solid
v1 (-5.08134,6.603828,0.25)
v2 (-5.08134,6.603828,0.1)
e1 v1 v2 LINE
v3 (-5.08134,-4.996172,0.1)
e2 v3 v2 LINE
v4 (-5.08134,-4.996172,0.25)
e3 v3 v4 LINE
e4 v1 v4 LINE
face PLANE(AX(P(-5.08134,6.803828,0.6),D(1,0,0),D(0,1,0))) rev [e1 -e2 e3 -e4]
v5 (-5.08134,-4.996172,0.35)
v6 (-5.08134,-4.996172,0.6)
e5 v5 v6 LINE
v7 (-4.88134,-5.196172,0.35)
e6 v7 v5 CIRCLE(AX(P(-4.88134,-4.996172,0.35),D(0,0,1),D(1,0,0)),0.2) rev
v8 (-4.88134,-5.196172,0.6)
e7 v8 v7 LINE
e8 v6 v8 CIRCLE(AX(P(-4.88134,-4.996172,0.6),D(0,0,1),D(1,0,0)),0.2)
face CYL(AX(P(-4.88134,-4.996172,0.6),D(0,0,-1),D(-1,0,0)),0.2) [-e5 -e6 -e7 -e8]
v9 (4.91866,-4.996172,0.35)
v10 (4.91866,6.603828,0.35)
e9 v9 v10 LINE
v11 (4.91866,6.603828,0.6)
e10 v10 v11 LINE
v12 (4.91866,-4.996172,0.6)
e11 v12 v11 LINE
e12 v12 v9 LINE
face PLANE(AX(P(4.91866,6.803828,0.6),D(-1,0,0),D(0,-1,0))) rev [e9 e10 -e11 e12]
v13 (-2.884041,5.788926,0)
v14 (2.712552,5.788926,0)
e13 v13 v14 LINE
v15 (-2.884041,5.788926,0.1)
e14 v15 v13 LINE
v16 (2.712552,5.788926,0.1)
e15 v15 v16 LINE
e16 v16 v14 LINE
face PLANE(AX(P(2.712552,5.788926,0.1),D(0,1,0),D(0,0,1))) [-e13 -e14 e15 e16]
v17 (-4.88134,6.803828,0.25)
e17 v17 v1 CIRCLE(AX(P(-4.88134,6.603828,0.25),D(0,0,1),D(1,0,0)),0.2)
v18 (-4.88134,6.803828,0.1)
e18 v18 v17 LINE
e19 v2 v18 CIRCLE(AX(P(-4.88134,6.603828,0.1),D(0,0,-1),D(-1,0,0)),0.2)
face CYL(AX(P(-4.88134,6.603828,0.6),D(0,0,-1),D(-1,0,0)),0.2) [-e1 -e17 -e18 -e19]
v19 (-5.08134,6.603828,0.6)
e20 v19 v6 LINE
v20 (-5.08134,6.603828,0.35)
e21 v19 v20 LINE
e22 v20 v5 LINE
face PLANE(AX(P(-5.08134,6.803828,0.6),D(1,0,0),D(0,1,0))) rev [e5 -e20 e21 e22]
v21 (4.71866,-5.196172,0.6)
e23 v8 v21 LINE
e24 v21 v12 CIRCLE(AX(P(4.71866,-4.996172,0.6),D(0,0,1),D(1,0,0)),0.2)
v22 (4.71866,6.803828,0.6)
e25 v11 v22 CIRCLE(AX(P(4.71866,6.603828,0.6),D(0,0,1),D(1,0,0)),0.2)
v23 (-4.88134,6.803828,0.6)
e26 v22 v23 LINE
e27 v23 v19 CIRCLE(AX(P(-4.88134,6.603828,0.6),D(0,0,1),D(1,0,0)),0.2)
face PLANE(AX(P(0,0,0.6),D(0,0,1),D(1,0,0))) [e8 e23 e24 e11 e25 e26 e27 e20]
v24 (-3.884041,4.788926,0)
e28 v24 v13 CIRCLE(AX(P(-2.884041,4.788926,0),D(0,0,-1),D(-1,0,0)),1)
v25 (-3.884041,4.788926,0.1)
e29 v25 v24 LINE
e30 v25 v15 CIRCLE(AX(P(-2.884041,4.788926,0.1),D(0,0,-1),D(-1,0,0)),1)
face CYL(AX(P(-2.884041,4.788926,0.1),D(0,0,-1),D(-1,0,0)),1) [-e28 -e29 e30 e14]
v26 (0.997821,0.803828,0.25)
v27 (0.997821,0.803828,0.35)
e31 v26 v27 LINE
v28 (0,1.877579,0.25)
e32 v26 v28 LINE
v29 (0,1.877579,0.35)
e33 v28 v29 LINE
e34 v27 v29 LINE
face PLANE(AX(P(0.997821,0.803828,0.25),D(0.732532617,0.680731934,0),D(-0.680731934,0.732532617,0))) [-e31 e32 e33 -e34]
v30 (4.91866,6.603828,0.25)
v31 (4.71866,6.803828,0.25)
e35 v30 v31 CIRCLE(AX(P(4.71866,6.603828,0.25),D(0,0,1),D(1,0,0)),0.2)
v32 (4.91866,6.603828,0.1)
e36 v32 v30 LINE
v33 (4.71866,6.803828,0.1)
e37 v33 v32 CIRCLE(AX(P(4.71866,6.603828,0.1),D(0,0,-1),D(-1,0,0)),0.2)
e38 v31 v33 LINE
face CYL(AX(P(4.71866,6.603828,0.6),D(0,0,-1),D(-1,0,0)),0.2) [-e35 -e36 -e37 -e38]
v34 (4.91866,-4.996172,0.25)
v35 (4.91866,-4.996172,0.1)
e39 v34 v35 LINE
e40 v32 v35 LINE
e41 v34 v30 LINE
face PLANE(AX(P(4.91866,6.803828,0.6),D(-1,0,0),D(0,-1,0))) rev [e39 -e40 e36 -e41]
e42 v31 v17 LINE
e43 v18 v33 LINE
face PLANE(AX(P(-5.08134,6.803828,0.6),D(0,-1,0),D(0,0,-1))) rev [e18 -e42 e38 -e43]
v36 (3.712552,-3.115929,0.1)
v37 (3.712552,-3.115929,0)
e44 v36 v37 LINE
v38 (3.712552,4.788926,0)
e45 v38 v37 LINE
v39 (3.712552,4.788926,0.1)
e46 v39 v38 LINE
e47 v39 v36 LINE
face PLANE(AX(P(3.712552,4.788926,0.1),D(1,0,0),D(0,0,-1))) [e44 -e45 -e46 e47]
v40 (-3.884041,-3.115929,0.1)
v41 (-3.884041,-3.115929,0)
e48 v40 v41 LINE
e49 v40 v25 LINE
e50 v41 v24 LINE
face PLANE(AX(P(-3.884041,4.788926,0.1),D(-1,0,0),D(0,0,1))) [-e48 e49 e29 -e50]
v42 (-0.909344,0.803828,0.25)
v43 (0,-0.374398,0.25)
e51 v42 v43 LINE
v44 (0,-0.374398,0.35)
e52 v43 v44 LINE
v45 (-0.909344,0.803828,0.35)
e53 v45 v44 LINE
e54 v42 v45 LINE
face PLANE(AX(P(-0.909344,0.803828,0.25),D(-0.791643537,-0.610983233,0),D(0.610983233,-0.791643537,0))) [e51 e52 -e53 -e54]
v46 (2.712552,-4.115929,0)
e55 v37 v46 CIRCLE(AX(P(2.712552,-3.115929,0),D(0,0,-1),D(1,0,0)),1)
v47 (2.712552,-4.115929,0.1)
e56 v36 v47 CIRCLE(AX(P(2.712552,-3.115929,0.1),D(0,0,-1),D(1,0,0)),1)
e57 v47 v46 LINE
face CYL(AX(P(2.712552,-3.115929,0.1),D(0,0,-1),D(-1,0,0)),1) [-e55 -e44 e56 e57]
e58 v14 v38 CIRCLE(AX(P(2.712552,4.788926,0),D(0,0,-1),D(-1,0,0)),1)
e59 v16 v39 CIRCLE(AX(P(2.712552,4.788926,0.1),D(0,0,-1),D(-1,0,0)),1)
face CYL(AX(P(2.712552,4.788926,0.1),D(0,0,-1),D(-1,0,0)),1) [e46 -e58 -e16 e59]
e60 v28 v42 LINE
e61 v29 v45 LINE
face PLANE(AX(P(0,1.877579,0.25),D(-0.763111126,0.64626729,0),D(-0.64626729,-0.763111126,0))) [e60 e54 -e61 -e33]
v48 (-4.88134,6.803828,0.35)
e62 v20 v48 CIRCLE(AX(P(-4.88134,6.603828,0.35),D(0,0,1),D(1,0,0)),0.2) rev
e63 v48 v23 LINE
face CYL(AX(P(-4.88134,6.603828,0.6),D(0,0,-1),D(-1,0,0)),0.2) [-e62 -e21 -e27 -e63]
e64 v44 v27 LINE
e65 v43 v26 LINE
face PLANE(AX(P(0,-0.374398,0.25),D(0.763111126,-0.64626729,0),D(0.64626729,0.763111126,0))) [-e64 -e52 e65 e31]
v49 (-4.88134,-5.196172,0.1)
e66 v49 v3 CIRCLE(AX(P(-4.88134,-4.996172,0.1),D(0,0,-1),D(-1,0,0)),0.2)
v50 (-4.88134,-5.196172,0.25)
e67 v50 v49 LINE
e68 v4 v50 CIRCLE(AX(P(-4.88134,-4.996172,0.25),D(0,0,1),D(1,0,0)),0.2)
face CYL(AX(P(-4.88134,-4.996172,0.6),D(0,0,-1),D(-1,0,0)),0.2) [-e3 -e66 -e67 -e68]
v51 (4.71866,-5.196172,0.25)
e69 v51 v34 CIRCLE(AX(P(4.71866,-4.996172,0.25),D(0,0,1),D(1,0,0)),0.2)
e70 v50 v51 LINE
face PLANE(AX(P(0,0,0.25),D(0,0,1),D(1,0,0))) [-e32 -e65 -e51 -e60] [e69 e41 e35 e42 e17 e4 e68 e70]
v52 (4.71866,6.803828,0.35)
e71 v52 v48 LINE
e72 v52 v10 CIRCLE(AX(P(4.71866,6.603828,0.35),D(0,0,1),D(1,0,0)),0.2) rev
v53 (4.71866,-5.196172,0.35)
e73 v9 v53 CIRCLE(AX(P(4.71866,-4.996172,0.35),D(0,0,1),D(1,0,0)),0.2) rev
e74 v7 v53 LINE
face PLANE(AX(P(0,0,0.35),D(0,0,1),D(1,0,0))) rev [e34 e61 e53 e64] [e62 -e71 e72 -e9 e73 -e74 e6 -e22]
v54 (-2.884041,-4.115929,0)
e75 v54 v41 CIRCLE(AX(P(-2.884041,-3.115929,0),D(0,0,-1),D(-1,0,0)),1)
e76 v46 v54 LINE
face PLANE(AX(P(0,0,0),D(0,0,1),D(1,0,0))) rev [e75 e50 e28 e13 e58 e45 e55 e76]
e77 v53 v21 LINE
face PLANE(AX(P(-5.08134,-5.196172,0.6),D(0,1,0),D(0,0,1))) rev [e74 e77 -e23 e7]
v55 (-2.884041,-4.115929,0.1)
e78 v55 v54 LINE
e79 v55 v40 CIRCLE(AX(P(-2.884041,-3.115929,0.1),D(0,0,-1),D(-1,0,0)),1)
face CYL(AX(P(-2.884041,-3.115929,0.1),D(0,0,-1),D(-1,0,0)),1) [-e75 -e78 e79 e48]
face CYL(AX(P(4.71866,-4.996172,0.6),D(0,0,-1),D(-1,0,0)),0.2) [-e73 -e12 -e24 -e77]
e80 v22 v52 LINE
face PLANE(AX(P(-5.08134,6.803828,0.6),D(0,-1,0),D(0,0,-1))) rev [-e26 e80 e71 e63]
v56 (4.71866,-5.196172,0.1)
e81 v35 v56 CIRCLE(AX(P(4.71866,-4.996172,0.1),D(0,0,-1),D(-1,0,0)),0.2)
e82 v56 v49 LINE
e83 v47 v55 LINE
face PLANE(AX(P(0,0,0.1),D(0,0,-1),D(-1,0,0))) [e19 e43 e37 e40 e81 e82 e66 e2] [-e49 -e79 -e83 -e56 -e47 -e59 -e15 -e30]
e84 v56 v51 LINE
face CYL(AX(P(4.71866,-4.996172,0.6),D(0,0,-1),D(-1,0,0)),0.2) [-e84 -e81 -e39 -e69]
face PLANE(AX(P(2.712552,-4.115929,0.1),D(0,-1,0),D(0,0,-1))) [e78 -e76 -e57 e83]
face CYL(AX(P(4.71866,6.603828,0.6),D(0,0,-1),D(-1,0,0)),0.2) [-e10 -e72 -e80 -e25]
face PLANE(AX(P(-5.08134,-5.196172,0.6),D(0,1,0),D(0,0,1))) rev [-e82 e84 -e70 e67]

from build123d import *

# Parameters (mm, degrees)
SKETCH_1_W          = 10
SKETCH_1_H          = 12
EXTRUDE_1_DEPTH     = 0.6
SKETCH_2_W          = 10
SKETCH_2_H          = 12
CUT_EXTRUDE_1_DEPTH = 0.1
SKETCH_4_W          = 10
SKETCH_4_H          = 12
CUT_EXTRUDE_3_DEPTH = 0.05
FILLET_1_R          = 0.2


with BuildPart() as part:
    # 草图1 → 凸台-拉伸1 (new body)
    with BuildSketch(Plane.XY):
        with Locations((-0.081339713, 0.803827751)):
            Rectangle(SKETCH_1_W, SKETCH_1_H)
    extrude(amount=EXTRUDE_1_DEPTH)

    # 草图2 → 切除-拉伸1 (cut)
    with BuildSketch(Plane(origin=(0, 0, 0), x_dir=(-1, 0, 0), z_dir=(0, 0, -1))):
        with Locations((0.081339713, 0.803827751)):
            Rectangle(SKETCH_2_W, SKETCH_2_H)
        with BuildLine():
            Line((-2.712551899, 5.7889264), (2.884041266, 5.7889264))
            ThreePointArc((2.884041266, 5.7889264), (3.591148047, 5.496033181), (3.884041266, 4.7889264))
            Line((3.884041266, 4.7889264), (3.884041266, -3.115928634))
            ThreePointArc((3.884041266, -3.115928634), (3.591148047, -3.823035415), (2.884041266, -4.115928634))
            Line((2.884041266, -4.115928634), (-2.712551899, -4.115928634))
            ThreePointArc((-2.712551899, -4.115928634), (-3.419658681, -3.823035415), (-3.712551899, -3.115928634))
            Line((-3.712551899, -3.115928634), (-3.712551899, 4.7889264))
            ThreePointArc((-3.712551899, 4.7889264), (-3.419658681, 5.496033181), (-2.712551899, 5.7889264))
        make_face(mode=Mode.SUBTRACT)
    extrude(amount=-CUT_EXTRUDE_1_DEPTH, mode=Mode.SUBTRACT)

    # 草图4 → 切除-拉伸3 (cut, symmetric)
    with BuildSketch(Plane.XY.offset(0.3)):
        with Locations((-0.081339713, 0.803827751)):
            Rectangle(SKETCH_4_W, SKETCH_4_H)
        Polygon((0, 1.877578929), (-0.909343659, 0.803827751), (0, -0.374397758), (0.997821393, 0.803827751), align=None, mode=Mode.SUBTRACT)
    extrude(amount=CUT_EXTRUDE_3_DEPTH, both=True, mode=Mode.SUBTRACT)

    # 圆角1
    fillet_1_edges = [part.edges().sort_by_distance(p)[0] for p in [
        (-5.081339713, 6.803827751, 0.175),
        (4.918660287, 6.803827751, 0.175),
        (4.918660287, -5.196172249, 0.175),
        (-5.081339713, -5.196172249, 0.175),
        (-5.081339713, 6.803827751, 0.475),
        (4.918660287, 6.803827751, 0.475),
        (4.918660287, -5.196172249, 0.475),
        (-5.081339713, -5.196172249, 0.475),
    ]]
    fillet(fillet_1_edges, radius=FILLET_1_R)


solid = part.part
